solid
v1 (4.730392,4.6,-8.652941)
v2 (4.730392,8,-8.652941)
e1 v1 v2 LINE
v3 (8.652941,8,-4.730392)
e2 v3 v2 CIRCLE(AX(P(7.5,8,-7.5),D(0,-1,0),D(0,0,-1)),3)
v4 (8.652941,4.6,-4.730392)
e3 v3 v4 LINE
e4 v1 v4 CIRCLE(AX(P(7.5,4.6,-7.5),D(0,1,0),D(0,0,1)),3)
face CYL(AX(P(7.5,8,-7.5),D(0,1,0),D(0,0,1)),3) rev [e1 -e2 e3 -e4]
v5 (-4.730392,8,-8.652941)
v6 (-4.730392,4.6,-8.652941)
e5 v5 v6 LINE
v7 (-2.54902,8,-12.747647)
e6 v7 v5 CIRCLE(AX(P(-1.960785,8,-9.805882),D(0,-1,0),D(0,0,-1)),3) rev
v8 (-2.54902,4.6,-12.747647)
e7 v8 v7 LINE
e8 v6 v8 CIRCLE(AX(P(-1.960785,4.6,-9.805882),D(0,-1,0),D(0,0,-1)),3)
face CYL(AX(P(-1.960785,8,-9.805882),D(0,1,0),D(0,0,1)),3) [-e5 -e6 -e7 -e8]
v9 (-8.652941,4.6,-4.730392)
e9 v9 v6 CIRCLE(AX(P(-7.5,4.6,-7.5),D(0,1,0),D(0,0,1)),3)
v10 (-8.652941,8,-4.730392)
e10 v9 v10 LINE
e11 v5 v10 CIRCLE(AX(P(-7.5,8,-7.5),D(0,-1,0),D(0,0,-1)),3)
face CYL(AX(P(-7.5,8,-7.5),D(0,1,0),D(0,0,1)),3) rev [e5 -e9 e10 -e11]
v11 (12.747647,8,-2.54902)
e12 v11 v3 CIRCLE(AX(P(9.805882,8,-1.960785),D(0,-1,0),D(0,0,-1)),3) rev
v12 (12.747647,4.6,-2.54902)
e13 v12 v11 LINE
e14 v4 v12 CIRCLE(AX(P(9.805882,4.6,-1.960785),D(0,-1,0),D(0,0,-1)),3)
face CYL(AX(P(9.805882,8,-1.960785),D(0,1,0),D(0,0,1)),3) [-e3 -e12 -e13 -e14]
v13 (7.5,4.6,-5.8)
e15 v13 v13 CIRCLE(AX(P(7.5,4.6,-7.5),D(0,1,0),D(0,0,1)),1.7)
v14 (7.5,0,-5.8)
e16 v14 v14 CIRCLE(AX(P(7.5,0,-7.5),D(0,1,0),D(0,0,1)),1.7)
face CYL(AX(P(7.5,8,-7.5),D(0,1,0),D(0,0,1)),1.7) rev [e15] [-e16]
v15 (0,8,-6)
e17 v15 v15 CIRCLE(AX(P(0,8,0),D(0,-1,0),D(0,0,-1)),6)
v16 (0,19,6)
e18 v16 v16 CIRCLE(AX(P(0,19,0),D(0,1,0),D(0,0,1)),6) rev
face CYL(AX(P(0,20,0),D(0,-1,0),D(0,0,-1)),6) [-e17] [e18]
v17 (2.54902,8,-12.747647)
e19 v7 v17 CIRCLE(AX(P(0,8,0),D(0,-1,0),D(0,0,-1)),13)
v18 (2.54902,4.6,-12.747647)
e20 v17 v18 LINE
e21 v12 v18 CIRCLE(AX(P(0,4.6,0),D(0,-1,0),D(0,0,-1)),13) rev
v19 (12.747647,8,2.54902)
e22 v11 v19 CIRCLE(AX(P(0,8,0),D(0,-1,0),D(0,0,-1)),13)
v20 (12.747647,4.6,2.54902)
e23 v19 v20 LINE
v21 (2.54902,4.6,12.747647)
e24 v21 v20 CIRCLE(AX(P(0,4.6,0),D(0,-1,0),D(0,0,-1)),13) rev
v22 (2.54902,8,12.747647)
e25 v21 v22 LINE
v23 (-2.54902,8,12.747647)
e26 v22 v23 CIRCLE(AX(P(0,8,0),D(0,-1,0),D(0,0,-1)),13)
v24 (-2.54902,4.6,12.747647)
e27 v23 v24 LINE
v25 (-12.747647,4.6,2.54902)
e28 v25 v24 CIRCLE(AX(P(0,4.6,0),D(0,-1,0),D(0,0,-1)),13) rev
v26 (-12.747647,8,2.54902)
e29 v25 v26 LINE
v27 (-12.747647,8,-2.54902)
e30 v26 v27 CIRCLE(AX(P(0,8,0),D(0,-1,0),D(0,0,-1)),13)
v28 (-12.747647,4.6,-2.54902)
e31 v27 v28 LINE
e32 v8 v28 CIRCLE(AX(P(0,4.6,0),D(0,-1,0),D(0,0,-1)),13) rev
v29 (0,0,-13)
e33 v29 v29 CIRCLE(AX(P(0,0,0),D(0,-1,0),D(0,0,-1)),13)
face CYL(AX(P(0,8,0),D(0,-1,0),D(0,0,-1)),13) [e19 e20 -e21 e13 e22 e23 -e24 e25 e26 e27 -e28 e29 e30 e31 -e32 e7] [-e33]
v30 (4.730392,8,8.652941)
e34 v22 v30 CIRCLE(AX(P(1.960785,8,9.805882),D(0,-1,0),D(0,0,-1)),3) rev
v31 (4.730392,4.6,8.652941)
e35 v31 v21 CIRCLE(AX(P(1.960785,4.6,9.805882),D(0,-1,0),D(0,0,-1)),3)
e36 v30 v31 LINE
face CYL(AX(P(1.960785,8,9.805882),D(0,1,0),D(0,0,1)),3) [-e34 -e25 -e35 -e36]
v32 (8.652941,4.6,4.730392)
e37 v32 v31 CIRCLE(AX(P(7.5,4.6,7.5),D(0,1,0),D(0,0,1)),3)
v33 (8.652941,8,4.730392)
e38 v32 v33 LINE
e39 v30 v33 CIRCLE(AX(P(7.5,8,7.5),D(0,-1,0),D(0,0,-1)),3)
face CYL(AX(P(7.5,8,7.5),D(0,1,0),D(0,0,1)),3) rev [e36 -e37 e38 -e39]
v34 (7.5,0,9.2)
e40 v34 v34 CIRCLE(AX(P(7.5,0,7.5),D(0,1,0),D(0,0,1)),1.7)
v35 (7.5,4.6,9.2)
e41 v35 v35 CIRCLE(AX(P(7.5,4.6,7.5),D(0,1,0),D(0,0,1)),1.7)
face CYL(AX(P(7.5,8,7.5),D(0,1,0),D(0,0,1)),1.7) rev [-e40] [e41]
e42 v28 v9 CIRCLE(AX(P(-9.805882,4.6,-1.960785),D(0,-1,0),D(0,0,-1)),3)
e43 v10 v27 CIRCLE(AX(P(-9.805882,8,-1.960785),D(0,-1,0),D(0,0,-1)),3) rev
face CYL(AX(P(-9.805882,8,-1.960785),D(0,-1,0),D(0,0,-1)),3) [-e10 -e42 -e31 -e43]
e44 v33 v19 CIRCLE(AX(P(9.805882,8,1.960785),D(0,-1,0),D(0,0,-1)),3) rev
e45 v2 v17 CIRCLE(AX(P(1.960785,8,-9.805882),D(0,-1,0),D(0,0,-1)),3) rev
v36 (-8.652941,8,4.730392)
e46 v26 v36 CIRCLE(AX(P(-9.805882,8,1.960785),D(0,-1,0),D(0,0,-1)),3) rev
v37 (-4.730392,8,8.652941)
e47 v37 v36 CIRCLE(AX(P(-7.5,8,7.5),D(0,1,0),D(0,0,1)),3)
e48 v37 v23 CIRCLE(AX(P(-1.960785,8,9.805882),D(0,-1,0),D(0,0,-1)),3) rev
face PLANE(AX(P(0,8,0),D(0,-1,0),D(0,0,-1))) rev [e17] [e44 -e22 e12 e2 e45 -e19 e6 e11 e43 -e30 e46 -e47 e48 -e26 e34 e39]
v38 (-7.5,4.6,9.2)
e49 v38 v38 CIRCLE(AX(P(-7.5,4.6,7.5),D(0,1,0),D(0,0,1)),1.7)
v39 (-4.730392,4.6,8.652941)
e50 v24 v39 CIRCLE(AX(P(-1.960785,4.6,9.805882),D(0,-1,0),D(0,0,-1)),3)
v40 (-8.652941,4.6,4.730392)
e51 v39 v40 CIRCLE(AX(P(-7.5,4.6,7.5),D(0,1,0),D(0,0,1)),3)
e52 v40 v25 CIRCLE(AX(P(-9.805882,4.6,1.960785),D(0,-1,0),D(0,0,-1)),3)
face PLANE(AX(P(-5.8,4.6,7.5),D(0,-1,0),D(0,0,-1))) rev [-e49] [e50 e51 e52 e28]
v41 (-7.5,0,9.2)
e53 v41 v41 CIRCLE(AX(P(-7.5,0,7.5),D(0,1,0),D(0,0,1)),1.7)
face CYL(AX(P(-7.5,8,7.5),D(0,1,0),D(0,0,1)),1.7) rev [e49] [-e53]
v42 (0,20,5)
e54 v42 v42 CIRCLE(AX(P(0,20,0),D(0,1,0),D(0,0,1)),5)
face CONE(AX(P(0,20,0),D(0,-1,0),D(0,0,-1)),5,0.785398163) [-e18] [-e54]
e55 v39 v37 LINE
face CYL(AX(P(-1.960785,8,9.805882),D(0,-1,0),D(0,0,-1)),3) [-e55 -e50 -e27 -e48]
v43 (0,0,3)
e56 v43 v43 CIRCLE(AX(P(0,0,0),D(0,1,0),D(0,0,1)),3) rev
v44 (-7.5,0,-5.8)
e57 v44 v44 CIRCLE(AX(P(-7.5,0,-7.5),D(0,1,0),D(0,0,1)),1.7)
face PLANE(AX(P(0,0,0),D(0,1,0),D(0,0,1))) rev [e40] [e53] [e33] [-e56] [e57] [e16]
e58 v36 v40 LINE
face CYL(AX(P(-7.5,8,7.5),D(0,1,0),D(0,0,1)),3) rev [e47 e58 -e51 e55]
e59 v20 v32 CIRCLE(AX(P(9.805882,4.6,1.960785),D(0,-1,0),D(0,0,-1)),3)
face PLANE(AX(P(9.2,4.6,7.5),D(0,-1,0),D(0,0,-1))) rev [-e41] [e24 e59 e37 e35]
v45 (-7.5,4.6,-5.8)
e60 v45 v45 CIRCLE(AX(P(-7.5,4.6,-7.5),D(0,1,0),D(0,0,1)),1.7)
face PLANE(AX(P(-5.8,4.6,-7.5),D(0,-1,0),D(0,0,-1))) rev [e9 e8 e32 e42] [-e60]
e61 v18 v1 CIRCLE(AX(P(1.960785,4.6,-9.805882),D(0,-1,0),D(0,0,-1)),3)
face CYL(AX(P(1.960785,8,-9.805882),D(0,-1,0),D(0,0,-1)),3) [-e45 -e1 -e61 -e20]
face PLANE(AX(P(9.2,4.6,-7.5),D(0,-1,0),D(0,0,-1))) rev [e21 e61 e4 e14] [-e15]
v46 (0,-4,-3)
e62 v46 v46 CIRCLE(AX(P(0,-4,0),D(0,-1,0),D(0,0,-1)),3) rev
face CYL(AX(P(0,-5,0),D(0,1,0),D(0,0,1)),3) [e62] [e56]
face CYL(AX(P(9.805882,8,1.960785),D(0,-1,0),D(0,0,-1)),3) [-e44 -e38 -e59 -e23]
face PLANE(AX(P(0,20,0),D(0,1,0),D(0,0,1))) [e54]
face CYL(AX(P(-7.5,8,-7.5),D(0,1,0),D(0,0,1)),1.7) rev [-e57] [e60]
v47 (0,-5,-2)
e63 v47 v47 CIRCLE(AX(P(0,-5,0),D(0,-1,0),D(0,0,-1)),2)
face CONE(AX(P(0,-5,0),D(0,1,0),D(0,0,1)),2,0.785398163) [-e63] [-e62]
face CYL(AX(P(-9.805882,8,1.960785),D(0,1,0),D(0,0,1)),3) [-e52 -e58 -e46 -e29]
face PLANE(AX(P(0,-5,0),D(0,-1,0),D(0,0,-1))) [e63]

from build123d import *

# Parameters (mm, degrees)
SKETCH1_R                                            = 6
BOSS_EXTRUDE1_DEPTH                                  = 20
SKETCH3_R                                            = 13
BOSS_EXTRUDE2_DEPTH                                  = 8
CBORE_FOR_M3_HEXAGON_SOCKET_HEAD_CAP_SCR_D           = 3.4
CBORE_FOR_M3_HEXAGON_SOCKET_HEAD_CAP_SCR_CBORE_D     = 6
CBORE_FOR_M3_HEXAGON_SOCKET_HEAD_CAP_SCR_CBORE_DEPTH = 3.4
FILLET1_R                                            = 3
CHAMFER1_SIZE                                        = 1
SKETCH7_R                                            = 3
BOSS_EXTRUDE3_DEPTH                                  = 5
CHAMFER2_SIZE                                        = 1


with BuildPart() as part:
    # Sketch1 → Boss-Extrude1 (new body)
    with BuildSketch(Plane(origin=(0, 0, 0), x_dir=(1, 0, 0), z_dir=(0, 1, 0))):
        with Locations(Location((0, 0, 0), (0, 0, 270))):
            Circle(SKETCH1_R)
    extrude(amount=BOSS_EXTRUDE1_DEPTH)

    # Sketch3 → Boss-Extrude2 (add)
    with BuildSketch(Plane.XZ):
        with Locations(Location((0, 0, 0), (0, 0, 270))):
            Circle(SKETCH3_R)
    extrude(amount=-BOSS_EXTRUDE2_DEPTH)

    # CBORE for M3 Hexagon socket head cap screws1 (through all)
    with Locations(Plane(origin=(0, 8, 0), x_dir=(1, 0, 0), z_dir=(0, 1, 0))):
        with Locations((-7.5, 7.5), (-7.5, -7.5), (7.5, -7.5), (7.5, 7.5)):
            CounterBoreHole(CBORE_FOR_M3_HEXAGON_SOCKET_HEAD_CAP_SCR_D / 2, CBORE_FOR_M3_HEXAGON_SOCKET_HEAD_CAP_SCR_CBORE_D / 2, CBORE_FOR_M3_HEXAGON_SOCKET_HEAD_CAP_SCR_CBORE_DEPTH)

    # Fillet1
    fillet1_edges = [part.edges().sort_by_distance(p)[0] for p in [
        (10.495089529, 6.3, -7.671577138),
        (7.671577138, 6.3, -10.495089529),
        (7.671577138, 6.3, 10.495089529),
        (10.495089529, 6.3, 7.671577138),
        (-7.671577138, 6.3, 10.495089529),
        (-10.495089529, 6.3, 7.671577138),
        (-7.671577138, 6.3, -10.495089529),
        (-10.495089529, 6.3, -7.671577138),
    ]]
    fillet(fillet1_edges, radius=FILLET1_R)

    # Chamfer1
    chamfer1_edges = [part.edges().sort_by_distance(p)[0] for p in [
        (0, 20, -6),
    ]]
    chamfer(chamfer1_edges, length=CHAMFER1_SIZE)

    # Sketch7 → Boss-Extrude3 (add)
    with BuildSketch(Plane.XZ):
        with Locations(Location((0, 0, 0), (0, 0, 90))):
            Circle(SKETCH7_R)
    extrude(amount=BOSS_EXTRUDE3_DEPTH)

    # Chamfer2
    chamfer2_edges = [part.edges().sort_by_distance(p)[0] for p in [
        (0, -5, -3),
    ]]
    chamfer(chamfer2_edges, length=CHAMFER2_SIZE)


solid = part.part
